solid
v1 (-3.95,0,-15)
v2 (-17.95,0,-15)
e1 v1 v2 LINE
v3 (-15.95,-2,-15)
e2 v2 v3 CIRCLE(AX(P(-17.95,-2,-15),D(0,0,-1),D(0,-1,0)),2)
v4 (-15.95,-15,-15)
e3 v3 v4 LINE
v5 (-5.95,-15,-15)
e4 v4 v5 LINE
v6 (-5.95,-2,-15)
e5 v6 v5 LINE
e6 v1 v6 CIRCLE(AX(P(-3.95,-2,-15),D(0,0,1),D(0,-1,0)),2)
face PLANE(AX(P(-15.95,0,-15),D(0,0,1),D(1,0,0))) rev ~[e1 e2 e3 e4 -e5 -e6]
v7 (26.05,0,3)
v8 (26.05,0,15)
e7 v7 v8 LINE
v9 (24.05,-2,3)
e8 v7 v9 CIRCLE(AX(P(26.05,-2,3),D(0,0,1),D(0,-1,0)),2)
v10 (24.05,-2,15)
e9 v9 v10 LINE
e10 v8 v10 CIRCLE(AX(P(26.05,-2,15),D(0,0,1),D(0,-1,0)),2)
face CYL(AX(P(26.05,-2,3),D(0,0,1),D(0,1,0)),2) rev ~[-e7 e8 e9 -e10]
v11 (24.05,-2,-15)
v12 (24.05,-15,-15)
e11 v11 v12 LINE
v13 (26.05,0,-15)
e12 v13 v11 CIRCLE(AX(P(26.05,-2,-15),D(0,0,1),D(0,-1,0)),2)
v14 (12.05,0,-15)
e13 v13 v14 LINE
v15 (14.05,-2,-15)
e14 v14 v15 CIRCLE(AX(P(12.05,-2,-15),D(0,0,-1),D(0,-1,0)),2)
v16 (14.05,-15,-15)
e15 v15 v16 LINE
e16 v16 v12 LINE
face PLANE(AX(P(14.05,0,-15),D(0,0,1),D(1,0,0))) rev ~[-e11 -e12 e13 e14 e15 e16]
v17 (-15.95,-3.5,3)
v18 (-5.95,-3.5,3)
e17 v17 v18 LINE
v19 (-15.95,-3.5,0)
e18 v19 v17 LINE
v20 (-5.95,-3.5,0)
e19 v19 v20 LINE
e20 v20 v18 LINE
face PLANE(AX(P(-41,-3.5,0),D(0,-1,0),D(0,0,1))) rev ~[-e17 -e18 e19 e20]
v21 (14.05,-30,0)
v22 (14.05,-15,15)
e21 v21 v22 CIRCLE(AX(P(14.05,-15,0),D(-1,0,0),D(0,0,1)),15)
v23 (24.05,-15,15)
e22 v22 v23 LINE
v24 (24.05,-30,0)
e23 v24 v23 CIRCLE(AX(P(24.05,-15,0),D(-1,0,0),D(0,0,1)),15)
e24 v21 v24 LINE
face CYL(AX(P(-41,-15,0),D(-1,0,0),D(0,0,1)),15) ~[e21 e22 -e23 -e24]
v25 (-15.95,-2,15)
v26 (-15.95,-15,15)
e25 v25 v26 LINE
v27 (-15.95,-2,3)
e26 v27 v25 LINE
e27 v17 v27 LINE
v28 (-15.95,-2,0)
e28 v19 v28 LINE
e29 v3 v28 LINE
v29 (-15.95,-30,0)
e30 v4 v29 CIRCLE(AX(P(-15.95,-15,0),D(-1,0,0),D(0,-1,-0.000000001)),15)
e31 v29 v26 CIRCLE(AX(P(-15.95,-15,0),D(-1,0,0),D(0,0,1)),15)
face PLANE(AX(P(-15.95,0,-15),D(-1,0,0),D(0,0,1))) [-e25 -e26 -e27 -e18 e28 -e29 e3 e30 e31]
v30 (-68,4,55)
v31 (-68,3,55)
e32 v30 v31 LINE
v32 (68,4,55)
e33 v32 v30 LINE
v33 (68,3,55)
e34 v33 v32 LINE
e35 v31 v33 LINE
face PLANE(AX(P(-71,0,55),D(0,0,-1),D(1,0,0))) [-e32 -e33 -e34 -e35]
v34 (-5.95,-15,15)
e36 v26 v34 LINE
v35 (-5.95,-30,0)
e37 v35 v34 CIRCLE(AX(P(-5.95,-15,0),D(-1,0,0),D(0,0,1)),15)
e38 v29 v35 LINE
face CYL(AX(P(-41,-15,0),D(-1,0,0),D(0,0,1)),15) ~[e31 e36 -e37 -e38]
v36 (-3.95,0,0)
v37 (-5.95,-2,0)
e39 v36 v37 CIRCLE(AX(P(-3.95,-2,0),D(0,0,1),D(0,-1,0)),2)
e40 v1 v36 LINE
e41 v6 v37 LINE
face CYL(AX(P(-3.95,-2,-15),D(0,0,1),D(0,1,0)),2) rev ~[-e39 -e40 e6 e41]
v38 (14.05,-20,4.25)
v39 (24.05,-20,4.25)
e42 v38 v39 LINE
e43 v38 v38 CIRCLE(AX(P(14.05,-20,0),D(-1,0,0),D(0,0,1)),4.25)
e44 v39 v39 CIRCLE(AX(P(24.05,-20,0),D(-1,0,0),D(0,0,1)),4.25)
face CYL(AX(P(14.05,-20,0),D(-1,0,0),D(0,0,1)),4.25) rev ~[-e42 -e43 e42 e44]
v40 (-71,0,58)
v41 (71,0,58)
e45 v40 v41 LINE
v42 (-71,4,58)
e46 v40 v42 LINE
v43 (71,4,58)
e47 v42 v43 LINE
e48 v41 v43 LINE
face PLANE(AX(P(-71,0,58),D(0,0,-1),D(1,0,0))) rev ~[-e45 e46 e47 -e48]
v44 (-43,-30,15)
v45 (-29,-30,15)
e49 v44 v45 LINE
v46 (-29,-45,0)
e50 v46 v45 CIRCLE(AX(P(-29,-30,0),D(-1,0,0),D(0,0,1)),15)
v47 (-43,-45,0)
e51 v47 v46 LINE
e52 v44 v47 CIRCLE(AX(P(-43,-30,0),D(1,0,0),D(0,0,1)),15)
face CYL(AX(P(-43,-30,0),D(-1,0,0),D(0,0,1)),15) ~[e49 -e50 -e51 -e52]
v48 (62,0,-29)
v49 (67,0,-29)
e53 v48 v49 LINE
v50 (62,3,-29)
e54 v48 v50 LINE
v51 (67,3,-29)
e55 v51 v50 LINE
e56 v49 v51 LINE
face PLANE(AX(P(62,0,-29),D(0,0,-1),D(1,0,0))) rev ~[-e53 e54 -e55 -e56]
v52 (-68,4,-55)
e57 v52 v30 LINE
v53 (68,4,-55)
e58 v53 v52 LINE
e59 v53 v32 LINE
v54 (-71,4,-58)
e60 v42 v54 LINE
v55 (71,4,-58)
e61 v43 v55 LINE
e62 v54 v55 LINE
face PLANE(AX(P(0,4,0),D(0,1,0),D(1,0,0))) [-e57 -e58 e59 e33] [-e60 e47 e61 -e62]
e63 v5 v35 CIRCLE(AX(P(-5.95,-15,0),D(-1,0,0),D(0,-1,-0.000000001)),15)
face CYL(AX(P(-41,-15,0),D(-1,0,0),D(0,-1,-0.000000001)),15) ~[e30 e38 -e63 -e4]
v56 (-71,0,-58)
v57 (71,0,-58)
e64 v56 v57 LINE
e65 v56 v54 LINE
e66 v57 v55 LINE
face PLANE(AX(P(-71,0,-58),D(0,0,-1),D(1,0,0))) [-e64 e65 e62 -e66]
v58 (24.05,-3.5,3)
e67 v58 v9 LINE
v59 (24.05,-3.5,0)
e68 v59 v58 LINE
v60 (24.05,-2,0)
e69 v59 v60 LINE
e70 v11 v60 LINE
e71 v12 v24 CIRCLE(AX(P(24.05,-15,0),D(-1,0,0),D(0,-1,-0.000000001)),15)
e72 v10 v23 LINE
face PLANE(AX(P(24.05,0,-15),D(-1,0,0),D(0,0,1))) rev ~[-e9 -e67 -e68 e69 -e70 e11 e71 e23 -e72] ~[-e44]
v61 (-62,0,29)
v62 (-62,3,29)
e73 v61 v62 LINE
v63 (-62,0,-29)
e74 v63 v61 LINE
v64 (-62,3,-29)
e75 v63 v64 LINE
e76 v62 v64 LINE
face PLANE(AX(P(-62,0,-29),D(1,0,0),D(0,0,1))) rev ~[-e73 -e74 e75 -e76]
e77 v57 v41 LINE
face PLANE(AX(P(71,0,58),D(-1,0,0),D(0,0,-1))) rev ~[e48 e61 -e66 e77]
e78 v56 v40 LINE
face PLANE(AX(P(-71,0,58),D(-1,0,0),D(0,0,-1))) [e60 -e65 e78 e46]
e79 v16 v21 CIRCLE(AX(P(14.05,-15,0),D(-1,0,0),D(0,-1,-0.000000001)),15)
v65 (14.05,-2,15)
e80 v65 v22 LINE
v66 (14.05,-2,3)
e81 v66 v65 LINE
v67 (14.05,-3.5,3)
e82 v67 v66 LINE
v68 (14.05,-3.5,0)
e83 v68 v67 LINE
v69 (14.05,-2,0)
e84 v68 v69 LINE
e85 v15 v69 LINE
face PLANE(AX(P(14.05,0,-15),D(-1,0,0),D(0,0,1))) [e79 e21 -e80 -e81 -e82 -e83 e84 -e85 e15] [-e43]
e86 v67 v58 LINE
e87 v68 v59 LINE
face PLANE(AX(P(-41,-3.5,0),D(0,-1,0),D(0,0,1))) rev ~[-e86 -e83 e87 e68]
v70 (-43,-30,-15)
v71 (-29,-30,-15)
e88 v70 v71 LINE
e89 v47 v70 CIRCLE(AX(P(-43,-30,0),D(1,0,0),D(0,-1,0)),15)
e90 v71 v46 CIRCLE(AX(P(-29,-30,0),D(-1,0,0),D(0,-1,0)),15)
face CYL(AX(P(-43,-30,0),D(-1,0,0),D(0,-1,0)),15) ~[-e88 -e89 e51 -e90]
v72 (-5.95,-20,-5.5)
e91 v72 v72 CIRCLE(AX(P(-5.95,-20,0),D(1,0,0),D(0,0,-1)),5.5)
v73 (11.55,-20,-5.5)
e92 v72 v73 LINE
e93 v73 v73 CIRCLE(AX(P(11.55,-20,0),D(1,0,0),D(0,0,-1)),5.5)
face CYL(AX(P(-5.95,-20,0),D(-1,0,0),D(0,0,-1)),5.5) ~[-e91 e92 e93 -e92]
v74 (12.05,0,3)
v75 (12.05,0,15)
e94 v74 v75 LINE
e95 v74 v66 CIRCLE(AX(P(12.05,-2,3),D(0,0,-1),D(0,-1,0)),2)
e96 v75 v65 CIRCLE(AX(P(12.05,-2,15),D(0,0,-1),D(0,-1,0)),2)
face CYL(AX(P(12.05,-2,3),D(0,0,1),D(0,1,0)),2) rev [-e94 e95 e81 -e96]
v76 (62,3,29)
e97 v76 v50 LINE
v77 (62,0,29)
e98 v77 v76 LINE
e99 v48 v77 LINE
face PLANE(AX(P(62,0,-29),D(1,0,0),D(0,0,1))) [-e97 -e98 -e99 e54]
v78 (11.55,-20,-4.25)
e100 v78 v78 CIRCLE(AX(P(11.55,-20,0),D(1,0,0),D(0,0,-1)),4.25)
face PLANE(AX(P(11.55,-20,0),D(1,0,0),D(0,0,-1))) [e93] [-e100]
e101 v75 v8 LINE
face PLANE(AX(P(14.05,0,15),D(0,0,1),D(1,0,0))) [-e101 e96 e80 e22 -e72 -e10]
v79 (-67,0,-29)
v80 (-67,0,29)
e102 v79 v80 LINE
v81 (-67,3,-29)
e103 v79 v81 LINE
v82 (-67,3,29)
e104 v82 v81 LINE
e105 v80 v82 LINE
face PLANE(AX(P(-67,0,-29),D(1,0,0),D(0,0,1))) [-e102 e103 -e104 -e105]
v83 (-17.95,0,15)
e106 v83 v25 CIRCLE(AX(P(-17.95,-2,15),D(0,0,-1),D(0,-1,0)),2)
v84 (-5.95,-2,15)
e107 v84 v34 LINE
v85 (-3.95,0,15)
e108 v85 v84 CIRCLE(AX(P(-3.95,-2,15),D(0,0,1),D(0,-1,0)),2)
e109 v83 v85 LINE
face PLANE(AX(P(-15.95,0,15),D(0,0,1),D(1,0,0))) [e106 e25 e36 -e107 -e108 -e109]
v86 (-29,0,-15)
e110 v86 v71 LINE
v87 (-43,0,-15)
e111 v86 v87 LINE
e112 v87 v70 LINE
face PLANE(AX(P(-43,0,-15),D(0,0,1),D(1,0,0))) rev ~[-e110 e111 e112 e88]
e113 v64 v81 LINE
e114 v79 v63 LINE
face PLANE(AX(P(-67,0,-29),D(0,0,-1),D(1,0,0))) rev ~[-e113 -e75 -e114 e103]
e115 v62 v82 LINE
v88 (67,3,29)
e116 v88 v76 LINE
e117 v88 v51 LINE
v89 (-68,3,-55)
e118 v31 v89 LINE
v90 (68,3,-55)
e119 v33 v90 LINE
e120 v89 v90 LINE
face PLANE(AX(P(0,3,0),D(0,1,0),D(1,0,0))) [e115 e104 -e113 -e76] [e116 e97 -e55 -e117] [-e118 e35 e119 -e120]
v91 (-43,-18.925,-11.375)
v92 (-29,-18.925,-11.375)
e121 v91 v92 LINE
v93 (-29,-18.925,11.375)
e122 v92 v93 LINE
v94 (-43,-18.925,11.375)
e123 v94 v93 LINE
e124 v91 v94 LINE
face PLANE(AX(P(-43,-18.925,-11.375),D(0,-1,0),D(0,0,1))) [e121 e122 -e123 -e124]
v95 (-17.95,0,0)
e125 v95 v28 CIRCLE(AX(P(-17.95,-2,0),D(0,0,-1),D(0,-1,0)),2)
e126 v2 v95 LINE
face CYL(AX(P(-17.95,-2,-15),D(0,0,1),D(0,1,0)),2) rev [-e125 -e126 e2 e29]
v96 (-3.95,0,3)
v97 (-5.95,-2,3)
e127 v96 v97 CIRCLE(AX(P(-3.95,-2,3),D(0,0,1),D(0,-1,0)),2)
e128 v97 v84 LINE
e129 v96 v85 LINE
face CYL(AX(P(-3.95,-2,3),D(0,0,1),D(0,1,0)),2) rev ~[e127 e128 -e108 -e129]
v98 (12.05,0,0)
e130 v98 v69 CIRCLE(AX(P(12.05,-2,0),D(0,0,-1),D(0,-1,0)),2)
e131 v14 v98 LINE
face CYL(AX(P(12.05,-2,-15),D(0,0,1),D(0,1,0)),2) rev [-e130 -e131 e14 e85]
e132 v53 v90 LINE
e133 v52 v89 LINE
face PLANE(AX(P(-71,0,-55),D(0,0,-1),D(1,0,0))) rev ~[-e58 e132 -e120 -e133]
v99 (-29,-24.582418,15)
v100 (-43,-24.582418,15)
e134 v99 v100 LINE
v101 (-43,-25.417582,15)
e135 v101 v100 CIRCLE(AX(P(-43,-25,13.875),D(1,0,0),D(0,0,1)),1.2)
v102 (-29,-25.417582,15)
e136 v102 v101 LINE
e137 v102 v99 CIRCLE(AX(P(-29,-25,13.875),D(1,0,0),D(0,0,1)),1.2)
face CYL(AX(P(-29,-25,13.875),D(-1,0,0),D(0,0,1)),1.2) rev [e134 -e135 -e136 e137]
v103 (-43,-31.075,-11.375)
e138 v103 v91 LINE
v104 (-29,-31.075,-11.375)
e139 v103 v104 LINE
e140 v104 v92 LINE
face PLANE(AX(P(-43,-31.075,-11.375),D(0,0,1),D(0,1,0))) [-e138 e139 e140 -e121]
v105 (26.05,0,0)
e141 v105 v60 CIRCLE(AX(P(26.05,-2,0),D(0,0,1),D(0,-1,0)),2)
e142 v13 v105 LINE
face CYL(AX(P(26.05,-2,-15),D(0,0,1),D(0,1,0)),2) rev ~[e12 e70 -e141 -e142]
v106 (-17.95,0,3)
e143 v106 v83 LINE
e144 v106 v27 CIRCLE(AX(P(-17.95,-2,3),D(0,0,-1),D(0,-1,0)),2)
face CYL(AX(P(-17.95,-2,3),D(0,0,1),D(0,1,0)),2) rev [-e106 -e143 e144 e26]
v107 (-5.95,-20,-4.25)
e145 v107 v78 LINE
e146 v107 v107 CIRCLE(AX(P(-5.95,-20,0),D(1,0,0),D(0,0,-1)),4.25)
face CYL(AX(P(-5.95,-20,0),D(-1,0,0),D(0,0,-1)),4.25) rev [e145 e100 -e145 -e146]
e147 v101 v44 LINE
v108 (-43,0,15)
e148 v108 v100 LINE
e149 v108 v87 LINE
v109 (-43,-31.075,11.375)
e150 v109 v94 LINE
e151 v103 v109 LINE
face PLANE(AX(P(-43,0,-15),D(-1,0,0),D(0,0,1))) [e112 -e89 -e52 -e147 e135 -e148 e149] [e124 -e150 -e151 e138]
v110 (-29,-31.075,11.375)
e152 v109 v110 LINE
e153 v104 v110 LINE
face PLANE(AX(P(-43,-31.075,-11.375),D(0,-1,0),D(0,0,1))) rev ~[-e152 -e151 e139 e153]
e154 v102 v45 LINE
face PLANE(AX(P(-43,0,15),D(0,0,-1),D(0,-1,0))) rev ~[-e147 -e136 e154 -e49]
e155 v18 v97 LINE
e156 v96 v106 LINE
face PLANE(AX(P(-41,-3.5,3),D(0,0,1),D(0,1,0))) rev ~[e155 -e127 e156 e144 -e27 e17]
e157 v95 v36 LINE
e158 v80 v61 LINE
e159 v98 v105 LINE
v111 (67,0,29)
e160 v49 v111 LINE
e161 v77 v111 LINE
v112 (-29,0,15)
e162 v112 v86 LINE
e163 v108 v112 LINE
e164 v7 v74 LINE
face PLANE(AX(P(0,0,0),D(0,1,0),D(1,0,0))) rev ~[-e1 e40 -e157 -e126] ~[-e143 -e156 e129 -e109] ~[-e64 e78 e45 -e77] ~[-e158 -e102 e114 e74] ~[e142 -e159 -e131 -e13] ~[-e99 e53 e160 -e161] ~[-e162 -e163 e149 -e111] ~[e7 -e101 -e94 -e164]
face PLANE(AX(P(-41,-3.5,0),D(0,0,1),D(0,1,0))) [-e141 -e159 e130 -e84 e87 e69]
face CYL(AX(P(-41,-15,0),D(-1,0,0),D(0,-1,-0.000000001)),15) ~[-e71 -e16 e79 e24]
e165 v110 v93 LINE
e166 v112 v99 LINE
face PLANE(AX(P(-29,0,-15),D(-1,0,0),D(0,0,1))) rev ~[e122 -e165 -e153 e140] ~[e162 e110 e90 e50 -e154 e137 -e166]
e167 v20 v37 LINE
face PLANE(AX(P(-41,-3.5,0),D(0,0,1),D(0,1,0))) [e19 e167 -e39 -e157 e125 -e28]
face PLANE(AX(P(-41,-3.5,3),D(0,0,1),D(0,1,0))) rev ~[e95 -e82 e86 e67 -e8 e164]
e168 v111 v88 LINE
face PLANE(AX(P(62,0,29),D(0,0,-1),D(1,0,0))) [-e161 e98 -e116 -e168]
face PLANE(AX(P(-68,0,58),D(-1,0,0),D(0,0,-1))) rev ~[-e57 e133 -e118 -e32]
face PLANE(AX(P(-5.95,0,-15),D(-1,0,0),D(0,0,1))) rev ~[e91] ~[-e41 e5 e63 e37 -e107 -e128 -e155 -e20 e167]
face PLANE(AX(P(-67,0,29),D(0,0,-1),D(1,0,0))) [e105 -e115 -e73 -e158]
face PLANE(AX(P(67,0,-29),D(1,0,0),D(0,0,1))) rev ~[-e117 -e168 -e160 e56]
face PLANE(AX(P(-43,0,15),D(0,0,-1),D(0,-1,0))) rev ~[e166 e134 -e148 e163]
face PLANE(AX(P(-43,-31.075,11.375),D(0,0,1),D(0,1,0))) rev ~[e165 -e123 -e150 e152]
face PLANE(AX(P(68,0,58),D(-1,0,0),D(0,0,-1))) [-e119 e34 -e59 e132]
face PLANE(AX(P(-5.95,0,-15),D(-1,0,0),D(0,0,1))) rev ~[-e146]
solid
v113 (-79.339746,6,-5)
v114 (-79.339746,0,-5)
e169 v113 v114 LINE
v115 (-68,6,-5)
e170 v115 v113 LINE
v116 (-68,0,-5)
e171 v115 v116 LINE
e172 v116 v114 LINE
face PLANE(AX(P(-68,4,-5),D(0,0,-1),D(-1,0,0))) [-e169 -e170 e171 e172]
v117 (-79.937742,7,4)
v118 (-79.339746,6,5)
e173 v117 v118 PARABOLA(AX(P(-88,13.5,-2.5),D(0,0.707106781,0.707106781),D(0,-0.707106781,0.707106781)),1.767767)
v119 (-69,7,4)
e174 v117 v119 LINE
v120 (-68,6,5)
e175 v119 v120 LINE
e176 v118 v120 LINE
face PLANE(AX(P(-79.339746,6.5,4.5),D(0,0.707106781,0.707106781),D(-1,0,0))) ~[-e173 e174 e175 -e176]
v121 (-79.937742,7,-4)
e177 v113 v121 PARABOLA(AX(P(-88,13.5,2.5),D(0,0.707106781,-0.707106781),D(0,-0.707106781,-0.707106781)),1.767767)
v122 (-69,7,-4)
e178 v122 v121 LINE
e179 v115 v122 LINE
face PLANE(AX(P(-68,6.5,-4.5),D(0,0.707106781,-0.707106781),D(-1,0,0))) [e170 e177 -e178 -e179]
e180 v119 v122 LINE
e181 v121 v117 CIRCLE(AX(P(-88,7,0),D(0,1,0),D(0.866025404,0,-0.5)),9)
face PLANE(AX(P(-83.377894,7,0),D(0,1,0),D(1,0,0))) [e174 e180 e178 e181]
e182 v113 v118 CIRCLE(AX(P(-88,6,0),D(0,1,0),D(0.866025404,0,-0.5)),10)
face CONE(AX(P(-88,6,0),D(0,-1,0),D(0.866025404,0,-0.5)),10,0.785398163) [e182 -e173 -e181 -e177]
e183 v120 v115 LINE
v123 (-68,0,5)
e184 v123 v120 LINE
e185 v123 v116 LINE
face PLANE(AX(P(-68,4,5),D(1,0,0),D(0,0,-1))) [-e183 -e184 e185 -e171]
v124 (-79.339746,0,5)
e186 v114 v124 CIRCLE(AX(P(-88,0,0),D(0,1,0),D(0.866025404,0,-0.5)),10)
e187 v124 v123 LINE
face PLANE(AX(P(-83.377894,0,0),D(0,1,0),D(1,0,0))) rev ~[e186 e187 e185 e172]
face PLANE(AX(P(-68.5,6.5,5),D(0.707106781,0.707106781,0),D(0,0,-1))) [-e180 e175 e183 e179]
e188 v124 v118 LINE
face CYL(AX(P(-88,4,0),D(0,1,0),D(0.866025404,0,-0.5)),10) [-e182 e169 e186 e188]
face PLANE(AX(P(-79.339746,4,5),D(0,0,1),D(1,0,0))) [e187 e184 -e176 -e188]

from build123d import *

# Parameters (mm, degrees)
SKETCH2_W                 = 142
SKETCH2_H                 = 116
BOSS_EXTRUDE2_DEPTH       = 4
SHELL1_T                  = -3
SKETCH4_W                 = 10
SKETCH4_H                 = 30
BOSS_EXTRUDE4_DEPTH       = 30
CUT_EXTRUDE1_DEPTH        = 31
CUT_EXTRUDE1_DEPTH_BACK   = 113
SKETCH6_W                 = 3
SKETCH6_H                 = 3.5
CUT_EXTRUDE2_DEPTH        = 31
CUT_EXTRUDE2_DEPTH_BACK   = 113
FILLET2_R                 = 2
SKETCH9_W                 = 22.5
SKETCH9_H                 = 12.1
CUT_EXTRUDE3_DEPTH        = 31
CUT_EXTRUDE3_DEPTH_BACK   = 10
SKETCH11_R                = 5.5
SKETCH11_R_2              = 4.25
BOSS_EXTRUDE6_DEPTH       = 17.5
M3X0_5_TAPPED_HOLE1_D     = 2.2
M3X0_5_TAPPED_HOLE1_DEPTH = 10
M3X0_5_TAPPED_HOLE1_TIP   = 0.660946681
SKETCH19_W                = 3
SKETCH19_H                = 10
BOSS_EXTRUDE7_DEPTH       = 3
BOSS_EXTRUDE7_DEPTH_BACK  = 4
CHAMFER1_SIZE             = 1
SKETCH27_W                = 14
SKETCH27_H                = 35
BOSS_EXTRUDE10_DEPTH      = 45
CUT_EXTRUDE4_DEPTH        = 45
SKETCH29_W                = 22.75
SKETCH29_H                = 12.15
CUT_EXTRUDE5_DEPTH        = 14
SKETCH37_R                = 4.25
CUT_EXTRUDE6_DEPTH        = 57.95
SKETCH38_W                = 5
SKETCH38_H                = 58
CUT_EXTRUDE7_DEPTH        = 8


with BuildPart() as part:
    # Sketch2 → Boss-Extrude2 (new body)
    with BuildSketch(Plane(origin=(0, 0, 0), x_dir=(1, 0, 0), z_dir=(0, 1, 0))):
        Rectangle(SKETCH2_W, SKETCH2_H)
    extrude(amount=BOSS_EXTRUDE2_DEPTH)

    # Shell1
    shell1_openings = [part.faces().sort_by_distance(p)[0] for p in [
        (0, 4, 0),
    ]]
    offset(amount=SHELL1_T, openings=shell1_openings, kind=Kind.INTERSECTION)

    # Sketch4 → Boss-Extrude4 (add)
    with BuildSketch(Plane.XZ):
        with Locations((-36, 0)):
            Rectangle(SKETCH4_W, SKETCH4_H)
        with Locations((19.05, 0)):
            Rectangle(SKETCH4_W, SKETCH4_H)
        with Locations((-10.95, 0)):
            Rectangle(SKETCH4_W, SKETCH4_H)
    extrude(amount=BOSS_EXTRUDE4_DEPTH)

    # Sketch5 → Cut-Extrude1 (cut, two sides)
    with BuildSketch(Plane.ZY.offset(41)) as cut_extrude1_sk:
        with BuildLine():
            ThreePointArc((-1.6e-08, -30), (-10.606601724, -25.606601712), (-15, -15))
            Line((-15, -15), (-15, -30))
            Line((-15, -30), (-1.6e-08, -30))
        make_face()
        with BuildLine():
            ThreePointArc((15, -15), (10.606601712, -25.606601724), (-1.6e-08, -30))
            Line((-1.6e-08, -30), (15, -30))
            Line((15, -30), (15, -15))
        make_face()
    extrude(amount=CUT_EXTRUDE1_DEPTH, mode=Mode.SUBTRACT)
    extrude(cut_extrude1_sk.sketch, amount=-CUT_EXTRUDE1_DEPTH_BACK, mode=Mode.SUBTRACT)

    # Sketch6 → Cut-Extrude2 (cut, two sides)
    with BuildSketch(Plane.ZY.offset(41)) as cut_extrude2_sk:
        with Locations((1.5, -1.75)):
            Rectangle(SKETCH6_W, SKETCH6_H)
    extrude(amount=CUT_EXTRUDE2_DEPTH, mode=Mode.SUBTRACT)
    extrude(cut_extrude2_sk.sketch, amount=-CUT_EXTRUDE2_DEPTH_BACK, mode=Mode.SUBTRACT)

    # Fillet2
    fillet2_edges = [part.edges().sort_by_distance(p)[0] for p in [
        (-31, 0, 9),
        (-41, 0, -7.5),
        (24.05, 0, 9),
        (14.05, 0, -7.5),
        (-5.95, 0, 9),
        (-15.95, 0, -7.5),
        (-31, 0, -7.5),
        (-41, 0, 9),
        (24.05, 0, -7.5),
        (14.05, 0, 9),
        (-5.95, 0, -7.5),
        (-15.95, 0, 9),
    ]]
    fillet(fillet2_edges, radius=FILLET2_R)

    # Sketch9 → Cut-Extrude3 (cut, two sides)
    with BuildSketch(Plane.ZY.offset(41)) as cut_extrude3_sk:
        with Locations((0, -15)):
            Rectangle(SKETCH9_W, SKETCH9_H)
    extrude(amount=CUT_EXTRUDE3_DEPTH, mode=Mode.SUBTRACT)
    extrude(cut_extrude3_sk.sketch, amount=-CUT_EXTRUDE3_DEPTH_BACK, mode=Mode.SUBTRACT)

    # Sketch11 → Boss-Extrude6 (add)
    with BuildSketch(Plane(origin=(-5.95, 0, 0), x_dir=(0, 0, -1), z_dir=(1, 0, 0))):
        with Locations((0, -20)):
            Circle(SKETCH11_R)
        with Locations((0, -20)):
            Circle(SKETCH11_R_2, mode=Mode.SUBTRACT)
    extrude(amount=BOSS_EXTRUDE6_DEPTH)

    # M3x0.5 Tapped Hole1
    with Locations(Plane.ZY.offset(41)):
        with Locations((13.85, -15)):
            Hole(M3X0_5_TAPPED_HOLE1_D / 2, depth=M3X0_5_TAPPED_HOLE1_DEPTH)
            with Locations((0, 0, -(M3X0_5_TAPPED_HOLE1_DEPTH + M3X0_5_TAPPED_HOLE1_TIP / 2))):  # 118° drill point
                Cone(0, M3X0_5_TAPPED_HOLE1_D / 2, M3X0_5_TAPPED_HOLE1_TIP, mode=Mode.SUBTRACT)

    # Sketch27 → Boss-Extrude10 (add)
    with BuildSketch(Plane.XZ):
        with Locations((-36, 2.5)):
            Rectangle(SKETCH27_W, SKETCH27_H)
    extrude(amount=BOSS_EXTRUDE10_DEPTH)

    # Sketch28 → Cut-Extrude4 (cut)
    with BuildSketch(Plane.ZY.offset(43)):
        with BuildLine():
            Line((15, 0), (15, -30))
            ThreePointArc((15, -30), (10.606601718, -40.606601718), (0, -45))
            Line((0, -45), (20, -45))
            Line((20, -45), (20, 0))
            Line((20, 0), (15, 0))
        make_face()
        with BuildLine():
            Line((-15, -45), (0, -45))
            ThreePointArc((0, -45), (-10.606601718, -40.606601718), (-15, -30))
            Line((-15, -30), (-15, -45))
        make_face()
    extrude(amount=-CUT_EXTRUDE4_DEPTH, mode=Mode.SUBTRACT)

    # Sketch29 → Cut-Extrude5 (cut)
    with BuildSketch(Plane.ZY.offset(43)):
        with Locations((0, -25)):
            Rectangle(SKETCH29_W, SKETCH29_H)
    extrude(amount=-CUT_EXTRUDE5_DEPTH, mode=Mode.SUBTRACT)

    # Sketch36 → M2 Clearance Hole1 (revolve, cut)
    with BuildSketch(Plane(origin=(-43, -25, 13.875), x_dir=(0, 0, 1), z_dir=(0, 1, 0))):
        Polygon((0, 0), (0, 14.721032743), (1.2, 14), (1.2, 0), align=None)
    revolve(axis=Axis((-49.35, -25, 13.875), (1, 0, 0)), mode=Mode.SUBTRACT)

    # Sketch37 → Cut-Extrude6 (cut, through all)
    with BuildSketch(Plane.ZY.offset(-14.05)):
        with Locations((0, -20)):
            Circle(SKETCH37_R)
    extrude(amount=-CUT_EXTRUDE6_DEPTH, mode=Mode.SUBTRACT)

    # Sketch38 → Cut-Extrude7 (cut, through all)
    with BuildSketch(Plane.XZ):
        with Locations((-64.5, 0)):
            Rectangle(SKETCH38_W, SKETCH38_H)
        with Locations((64.5, 0)):
            Rectangle(SKETCH38_W, SKETCH38_H)
    extrude(amount=-CUT_EXTRUDE7_DEPTH, mode=Mode.SUBTRACT)


with BuildPart() as body_2:
    # Sketch19 → Boss-Extrude7 (new body, two sides)
    with BuildSketch(Plane(origin=(0, 4, 0), x_dir=(1, 0, 0), z_dir=(0, 1, 0))) as boss_extrude7_sk:
        with BuildLine():
            ThreePointArc((-78, 0), (-78.340741737, 2.588190451), (-79.339745962, 5))
            Line((-79.339745962, 5), (-88, 5))
            Line((-88, 5), (-88, -5))
            Line((-88, -5), (-79.339745962, -5))
            ThreePointArc((-79.339745962, -5), (-78.340741737, -2.588190451), (-78, 0))
        make_face()
        with BuildLine():
            Line((-88, 5), (-79.339745962, 5))
            ThreePointArc((-79.339745962, 5), (-98, 0), (-79.339745962, -5))
            Line((-79.339745962, -5), (-88, -5))
            Line((-88, -5), (-88, 5))
        make_face()
        with BuildLine():
            Line((-71, -5), (-71, 5))
            Line((-71, 5), (-79.339745962, 5))
            ThreePointArc((-79.339745962, 5), (-78.340741737, 2.588190451), (-78, 0))
            ThreePointArc((-78, 0), (-78.340741737, -2.588190451), (-79.339745962, -5))
            Line((-79.339745962, -5), (-71, -5))
        make_face()
        with Locations((-69.5, 0)):
            Rectangle(SKETCH19_W, SKETCH19_H)
    extrude(amount=BOSS_EXTRUDE7_DEPTH)
    extrude(boss_extrude7_sk.sketch, amount=-BOSS_EXTRUDE7_DEPTH_BACK)

    # Chamfer1
    chamfer1_edges = [body_2.edges().sort_by_distance(p)[0] for p in [
        (-73.669872981, 7, 5),
        (-98, 7, 0),
        (-68, 7, 0),
        (-73.669872981, 7, -5),
    ]]
    chamfer(chamfer1_edges, length=CHAMFER1_SIZE)


solid = Compound([part.part, body_2.part])
